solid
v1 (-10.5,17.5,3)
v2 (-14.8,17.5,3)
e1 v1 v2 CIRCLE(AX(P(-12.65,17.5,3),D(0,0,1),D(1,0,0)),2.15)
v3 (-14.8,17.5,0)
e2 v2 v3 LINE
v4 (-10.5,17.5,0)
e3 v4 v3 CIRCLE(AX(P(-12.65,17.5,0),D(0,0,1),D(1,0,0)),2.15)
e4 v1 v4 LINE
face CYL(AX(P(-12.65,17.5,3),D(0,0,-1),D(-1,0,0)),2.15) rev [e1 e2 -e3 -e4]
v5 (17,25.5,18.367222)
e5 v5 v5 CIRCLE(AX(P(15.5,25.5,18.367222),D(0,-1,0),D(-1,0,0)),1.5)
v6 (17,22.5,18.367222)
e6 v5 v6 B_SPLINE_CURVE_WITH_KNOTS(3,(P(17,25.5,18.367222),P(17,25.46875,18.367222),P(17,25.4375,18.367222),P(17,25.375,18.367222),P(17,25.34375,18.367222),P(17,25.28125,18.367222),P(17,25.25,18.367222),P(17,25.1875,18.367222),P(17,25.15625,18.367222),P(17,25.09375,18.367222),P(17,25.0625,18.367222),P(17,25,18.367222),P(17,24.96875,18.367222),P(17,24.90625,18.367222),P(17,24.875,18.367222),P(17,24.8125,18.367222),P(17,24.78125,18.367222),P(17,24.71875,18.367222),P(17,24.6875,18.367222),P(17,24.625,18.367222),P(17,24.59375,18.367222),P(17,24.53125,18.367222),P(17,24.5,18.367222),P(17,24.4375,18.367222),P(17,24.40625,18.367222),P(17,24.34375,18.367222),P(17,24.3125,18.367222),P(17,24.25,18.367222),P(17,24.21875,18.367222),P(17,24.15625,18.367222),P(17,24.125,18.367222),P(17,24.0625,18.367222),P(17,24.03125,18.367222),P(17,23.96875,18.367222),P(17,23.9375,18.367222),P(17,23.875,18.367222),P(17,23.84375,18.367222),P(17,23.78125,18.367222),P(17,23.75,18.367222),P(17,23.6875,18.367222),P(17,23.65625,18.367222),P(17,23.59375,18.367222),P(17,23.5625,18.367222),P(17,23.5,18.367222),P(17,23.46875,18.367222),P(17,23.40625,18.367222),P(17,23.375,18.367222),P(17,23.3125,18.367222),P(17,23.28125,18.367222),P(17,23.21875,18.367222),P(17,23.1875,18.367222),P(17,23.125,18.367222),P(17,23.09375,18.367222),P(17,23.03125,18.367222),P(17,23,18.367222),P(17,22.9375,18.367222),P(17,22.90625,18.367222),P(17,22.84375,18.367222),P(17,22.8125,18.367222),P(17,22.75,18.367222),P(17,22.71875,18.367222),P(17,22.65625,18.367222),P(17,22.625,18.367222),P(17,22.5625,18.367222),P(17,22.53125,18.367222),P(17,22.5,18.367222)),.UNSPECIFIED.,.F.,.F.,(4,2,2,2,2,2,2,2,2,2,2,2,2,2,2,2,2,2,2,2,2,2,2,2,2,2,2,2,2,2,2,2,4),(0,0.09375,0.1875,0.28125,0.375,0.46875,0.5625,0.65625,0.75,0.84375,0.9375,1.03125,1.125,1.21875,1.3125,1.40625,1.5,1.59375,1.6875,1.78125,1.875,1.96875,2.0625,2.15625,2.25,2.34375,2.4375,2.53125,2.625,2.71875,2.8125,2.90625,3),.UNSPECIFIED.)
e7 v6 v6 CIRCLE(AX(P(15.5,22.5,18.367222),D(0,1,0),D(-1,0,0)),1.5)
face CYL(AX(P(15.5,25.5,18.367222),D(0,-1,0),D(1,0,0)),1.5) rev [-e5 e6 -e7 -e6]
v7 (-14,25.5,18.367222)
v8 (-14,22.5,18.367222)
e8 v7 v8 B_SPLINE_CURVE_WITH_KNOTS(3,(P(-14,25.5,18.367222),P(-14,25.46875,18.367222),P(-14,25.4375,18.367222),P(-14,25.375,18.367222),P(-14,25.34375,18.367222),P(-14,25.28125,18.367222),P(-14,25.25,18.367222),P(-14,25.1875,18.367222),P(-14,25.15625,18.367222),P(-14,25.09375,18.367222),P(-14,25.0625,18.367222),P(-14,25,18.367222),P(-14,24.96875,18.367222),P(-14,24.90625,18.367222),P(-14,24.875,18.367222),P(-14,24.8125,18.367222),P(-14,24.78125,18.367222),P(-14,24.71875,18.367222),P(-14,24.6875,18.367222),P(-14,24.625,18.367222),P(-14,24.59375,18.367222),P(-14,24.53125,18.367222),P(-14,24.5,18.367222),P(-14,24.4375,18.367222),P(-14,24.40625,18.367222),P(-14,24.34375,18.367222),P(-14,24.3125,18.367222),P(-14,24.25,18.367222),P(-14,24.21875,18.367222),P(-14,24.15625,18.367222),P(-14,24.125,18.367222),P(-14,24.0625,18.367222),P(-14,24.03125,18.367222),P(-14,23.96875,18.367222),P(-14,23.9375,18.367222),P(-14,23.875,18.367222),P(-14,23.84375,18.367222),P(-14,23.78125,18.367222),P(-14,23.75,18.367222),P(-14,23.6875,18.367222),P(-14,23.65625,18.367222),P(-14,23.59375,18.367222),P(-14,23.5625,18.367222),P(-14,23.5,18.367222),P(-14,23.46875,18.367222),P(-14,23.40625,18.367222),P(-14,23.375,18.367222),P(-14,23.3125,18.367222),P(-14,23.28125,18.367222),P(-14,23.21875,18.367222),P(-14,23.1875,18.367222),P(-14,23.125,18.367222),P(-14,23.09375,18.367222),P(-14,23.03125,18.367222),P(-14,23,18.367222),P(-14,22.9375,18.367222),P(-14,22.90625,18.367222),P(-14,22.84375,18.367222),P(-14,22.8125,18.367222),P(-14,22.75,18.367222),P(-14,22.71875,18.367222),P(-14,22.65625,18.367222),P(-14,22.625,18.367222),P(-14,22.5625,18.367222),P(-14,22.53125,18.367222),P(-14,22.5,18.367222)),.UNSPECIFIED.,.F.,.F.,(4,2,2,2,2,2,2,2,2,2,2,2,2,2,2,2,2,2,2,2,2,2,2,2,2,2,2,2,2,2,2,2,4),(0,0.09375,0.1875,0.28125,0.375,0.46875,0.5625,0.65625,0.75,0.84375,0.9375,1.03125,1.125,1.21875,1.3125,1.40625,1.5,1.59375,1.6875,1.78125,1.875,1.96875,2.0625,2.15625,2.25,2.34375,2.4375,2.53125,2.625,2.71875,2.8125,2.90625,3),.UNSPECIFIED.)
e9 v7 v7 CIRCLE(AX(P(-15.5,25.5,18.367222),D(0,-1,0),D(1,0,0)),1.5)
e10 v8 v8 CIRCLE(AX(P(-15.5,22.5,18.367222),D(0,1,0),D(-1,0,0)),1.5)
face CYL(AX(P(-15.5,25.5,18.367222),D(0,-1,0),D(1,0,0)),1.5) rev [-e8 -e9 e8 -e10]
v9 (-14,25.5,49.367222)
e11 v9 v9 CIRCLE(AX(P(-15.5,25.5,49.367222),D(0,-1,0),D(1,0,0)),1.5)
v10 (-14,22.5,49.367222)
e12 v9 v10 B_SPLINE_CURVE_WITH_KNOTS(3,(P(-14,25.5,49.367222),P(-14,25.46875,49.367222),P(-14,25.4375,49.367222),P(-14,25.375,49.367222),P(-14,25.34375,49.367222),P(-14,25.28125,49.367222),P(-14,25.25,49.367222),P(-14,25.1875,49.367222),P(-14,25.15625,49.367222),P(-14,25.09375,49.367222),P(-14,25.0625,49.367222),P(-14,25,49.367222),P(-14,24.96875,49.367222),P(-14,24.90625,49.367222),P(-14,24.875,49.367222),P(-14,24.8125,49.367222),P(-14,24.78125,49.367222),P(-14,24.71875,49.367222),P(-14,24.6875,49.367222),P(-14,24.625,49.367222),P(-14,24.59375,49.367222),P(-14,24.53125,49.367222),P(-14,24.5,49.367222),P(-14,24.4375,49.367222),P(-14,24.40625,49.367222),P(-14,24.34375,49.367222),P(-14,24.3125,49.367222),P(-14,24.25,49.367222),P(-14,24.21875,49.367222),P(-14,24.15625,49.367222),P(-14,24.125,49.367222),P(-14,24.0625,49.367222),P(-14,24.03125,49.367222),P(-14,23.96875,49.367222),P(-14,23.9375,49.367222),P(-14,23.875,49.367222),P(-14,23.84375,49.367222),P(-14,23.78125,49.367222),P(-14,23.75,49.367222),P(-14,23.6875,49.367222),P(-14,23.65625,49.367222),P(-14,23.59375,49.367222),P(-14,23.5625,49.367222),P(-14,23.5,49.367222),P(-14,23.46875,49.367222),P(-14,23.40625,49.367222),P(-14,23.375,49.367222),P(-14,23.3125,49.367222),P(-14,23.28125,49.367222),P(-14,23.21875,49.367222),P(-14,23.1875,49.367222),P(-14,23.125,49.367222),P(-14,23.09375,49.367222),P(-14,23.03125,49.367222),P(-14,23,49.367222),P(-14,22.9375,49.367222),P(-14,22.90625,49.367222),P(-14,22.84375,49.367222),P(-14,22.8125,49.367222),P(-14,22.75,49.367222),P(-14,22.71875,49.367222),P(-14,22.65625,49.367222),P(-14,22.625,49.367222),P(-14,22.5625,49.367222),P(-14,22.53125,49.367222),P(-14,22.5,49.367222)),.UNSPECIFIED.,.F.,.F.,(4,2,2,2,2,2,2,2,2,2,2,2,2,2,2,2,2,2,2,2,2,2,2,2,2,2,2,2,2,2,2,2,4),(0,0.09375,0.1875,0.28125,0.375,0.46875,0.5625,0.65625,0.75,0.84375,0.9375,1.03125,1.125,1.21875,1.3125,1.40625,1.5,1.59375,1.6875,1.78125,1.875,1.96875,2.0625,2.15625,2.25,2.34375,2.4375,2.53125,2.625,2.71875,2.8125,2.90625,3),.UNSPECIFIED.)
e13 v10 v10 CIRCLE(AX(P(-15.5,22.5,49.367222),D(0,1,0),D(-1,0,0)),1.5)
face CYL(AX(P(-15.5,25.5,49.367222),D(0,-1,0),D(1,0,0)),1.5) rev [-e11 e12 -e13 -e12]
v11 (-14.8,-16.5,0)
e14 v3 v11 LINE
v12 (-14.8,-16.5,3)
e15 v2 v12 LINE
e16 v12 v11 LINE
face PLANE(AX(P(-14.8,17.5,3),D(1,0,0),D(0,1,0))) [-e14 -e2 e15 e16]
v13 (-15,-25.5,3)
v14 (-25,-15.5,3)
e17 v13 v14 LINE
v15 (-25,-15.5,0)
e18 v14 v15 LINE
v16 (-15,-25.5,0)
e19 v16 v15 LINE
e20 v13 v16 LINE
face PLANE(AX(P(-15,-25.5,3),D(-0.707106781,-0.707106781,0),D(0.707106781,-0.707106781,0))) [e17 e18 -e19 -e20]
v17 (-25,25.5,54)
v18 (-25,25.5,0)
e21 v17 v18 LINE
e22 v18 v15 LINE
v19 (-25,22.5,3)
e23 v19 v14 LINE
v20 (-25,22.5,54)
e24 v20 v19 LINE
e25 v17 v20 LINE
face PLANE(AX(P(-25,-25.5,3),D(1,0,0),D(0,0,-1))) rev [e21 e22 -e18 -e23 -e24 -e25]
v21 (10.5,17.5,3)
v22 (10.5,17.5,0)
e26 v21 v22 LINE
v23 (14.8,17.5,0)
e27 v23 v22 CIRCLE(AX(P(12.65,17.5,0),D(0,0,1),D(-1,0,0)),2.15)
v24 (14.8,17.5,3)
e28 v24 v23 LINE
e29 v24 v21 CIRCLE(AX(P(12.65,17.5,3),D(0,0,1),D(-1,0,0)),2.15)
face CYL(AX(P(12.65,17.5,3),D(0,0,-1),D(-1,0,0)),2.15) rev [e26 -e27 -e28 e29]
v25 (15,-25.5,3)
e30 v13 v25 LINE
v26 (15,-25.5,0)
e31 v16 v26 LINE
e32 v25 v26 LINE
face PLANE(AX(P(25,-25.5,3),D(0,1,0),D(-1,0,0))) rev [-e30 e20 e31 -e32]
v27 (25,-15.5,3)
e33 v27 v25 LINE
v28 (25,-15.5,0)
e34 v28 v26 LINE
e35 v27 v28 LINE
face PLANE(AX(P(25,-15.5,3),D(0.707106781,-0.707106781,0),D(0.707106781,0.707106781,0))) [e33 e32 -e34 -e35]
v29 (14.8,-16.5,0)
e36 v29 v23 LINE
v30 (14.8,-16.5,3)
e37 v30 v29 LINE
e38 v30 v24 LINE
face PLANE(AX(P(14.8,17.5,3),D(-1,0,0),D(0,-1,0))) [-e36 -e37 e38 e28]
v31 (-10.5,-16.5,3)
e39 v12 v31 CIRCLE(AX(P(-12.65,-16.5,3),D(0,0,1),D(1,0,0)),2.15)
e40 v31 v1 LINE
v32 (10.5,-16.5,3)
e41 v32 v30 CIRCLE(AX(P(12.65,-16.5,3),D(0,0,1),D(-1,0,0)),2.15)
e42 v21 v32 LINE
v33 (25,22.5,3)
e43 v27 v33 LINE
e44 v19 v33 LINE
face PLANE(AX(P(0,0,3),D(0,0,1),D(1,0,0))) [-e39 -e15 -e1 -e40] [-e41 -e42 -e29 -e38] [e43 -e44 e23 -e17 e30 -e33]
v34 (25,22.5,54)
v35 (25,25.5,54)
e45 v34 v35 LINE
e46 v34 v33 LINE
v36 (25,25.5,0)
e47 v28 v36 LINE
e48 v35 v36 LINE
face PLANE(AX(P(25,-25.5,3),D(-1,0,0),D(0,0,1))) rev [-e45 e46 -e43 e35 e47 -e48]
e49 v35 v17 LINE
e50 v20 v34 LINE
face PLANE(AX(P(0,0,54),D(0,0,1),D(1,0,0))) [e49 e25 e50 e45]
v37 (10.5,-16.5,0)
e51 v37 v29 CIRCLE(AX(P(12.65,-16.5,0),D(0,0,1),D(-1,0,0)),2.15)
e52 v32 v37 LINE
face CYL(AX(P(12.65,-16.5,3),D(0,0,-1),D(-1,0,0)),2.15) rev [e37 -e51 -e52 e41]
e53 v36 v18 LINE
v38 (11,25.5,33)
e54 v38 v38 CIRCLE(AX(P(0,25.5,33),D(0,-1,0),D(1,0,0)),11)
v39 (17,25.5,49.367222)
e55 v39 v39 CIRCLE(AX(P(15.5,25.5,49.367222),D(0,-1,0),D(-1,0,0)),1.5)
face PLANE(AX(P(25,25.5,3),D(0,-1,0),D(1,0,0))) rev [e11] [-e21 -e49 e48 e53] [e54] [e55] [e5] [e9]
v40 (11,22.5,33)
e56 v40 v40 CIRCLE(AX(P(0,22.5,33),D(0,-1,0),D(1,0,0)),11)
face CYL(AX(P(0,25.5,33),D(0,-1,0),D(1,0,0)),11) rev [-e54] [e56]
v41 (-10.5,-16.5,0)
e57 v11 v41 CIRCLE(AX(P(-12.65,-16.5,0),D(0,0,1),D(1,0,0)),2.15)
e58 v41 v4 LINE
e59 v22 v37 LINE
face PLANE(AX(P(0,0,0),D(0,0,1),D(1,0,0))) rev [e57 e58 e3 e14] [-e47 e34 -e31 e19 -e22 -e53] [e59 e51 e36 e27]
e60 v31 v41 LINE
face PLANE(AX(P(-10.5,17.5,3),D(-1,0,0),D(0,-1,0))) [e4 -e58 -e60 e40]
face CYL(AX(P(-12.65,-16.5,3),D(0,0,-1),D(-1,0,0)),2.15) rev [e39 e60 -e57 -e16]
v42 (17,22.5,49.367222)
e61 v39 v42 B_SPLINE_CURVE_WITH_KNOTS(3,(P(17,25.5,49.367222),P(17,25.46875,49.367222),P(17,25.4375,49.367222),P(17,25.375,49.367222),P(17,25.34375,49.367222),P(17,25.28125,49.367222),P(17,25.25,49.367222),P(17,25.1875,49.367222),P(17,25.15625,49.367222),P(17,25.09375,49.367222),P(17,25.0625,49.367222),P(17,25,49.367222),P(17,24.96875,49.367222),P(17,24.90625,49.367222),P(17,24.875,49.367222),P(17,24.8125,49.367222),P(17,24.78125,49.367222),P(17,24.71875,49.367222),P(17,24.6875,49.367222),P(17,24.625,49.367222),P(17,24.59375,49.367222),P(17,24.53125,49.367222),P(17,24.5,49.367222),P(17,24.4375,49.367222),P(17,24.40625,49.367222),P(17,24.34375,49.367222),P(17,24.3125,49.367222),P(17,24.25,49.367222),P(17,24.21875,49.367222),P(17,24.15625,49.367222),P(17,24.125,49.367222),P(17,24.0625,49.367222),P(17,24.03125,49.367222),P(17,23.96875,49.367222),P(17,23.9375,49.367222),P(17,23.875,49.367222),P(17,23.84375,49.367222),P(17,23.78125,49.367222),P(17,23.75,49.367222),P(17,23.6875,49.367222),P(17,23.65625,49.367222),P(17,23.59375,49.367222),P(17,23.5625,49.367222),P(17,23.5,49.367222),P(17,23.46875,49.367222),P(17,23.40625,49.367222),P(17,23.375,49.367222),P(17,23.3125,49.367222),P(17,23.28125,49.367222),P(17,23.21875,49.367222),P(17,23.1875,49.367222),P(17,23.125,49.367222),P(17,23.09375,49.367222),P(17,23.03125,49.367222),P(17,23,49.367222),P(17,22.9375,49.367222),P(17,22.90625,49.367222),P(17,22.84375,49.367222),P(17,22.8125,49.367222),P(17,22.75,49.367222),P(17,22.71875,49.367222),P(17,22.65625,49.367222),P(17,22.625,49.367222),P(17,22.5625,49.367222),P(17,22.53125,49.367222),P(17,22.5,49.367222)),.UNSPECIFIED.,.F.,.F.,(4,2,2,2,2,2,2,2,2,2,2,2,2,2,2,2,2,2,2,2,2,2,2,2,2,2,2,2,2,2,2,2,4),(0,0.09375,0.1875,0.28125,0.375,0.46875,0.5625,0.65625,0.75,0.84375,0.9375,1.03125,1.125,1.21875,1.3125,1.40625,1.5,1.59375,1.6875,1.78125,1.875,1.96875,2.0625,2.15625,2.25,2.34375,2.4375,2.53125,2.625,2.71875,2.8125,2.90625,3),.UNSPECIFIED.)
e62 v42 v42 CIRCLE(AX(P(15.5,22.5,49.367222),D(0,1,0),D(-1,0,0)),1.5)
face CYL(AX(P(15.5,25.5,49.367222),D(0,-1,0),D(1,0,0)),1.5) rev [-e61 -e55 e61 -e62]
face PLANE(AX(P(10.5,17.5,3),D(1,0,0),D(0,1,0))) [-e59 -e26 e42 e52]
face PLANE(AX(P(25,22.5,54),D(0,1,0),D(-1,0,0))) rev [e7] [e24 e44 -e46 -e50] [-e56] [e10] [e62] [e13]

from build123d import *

# Parameters (mm, degrees)
SKETCH1_W               = 50
SKETCH1_H               = 51
BOSS_EXTRUDE1_DEPTH     = 3
CUT_EXTRUDE_THIN1_DEPTH = 3
SKETCH4_W               = 50
SKETCH4_H               = 3
BOSS_EXTRUDE2_DEPTH     = 51
SKETCH5_R               = 11
CUT_EXTRUDE1_DEPTH      = 77.452599694
CUT_EXTRUDE2_DEPTH      = 77.452599694
CUT_EXTRUDE2_DEPTH_BACK = 77.452599694
SKETCH6_R               = 1.5


with BuildPart() as part:
    # Sketch1 → Boss-Extrude1 (new body)
    with BuildSketch(Plane.XY):
        Rectangle(SKETCH1_W, SKETCH1_H)
        with BuildLine():
            Line((-10.5, 17.5), (-10.5, -16.5))
            ThreePointArc((-10.5, -16.5), (-12.65, -18.65), (-14.8, -16.5))
            Line((-14.8, -16.5), (-14.8, 17.5))
            ThreePointArc((-14.8, 17.5), (-12.65, 19.65), (-10.5, 17.5))
        make_face(mode=Mode.SUBTRACT)
        with BuildLine():
            Line((10.5, 17.5), (10.5, -16.5))
            ThreePointArc((10.5, -16.5), (12.65, -18.65), (14.8, -16.5))
            Line((14.8, -16.5), (14.8, 17.5))
            ThreePointArc((14.8, 17.5), (12.65, 19.65), (10.5, 17.5))
        make_face(mode=Mode.SUBTRACT)
    extrude(amount=BOSS_EXTRUDE1_DEPTH)

    # Sketch3 → Cut-Extrude-Thin1 (cut)
    with BuildSketch(Plane(origin=(0, 0, 0), x_dir=(-1, 0, 0), z_dir=(0, 0, -1))):
        Polygon((-25, -15.5), (-15, -25.5), (-22.071067812, -32.571067812), (-32.071067812, -22.571067812), align=None)
        Polygon((15, -25.5), (25, -15.5), (32.071067812, -22.571067812), (22.071067812, -32.571067812), align=None)
    extrude(amount=-CUT_EXTRUDE_THIN1_DEPTH, mode=Mode.SUBTRACT)

    # Sketch4 → Boss-Extrude2 (add)
    with BuildSketch(Plane.XY.offset(3)):
        with Locations((0, 24)):
            Rectangle(SKETCH4_W, SKETCH4_H)
    extrude(amount=BOSS_EXTRUDE2_DEPTH)

    # Sketch5 → Cut-Extrude1 (cut, through all)
    with BuildSketch(Plane.XZ.offset(-22.5)):
        with Locations((0, 33)):
            Circle(SKETCH5_R)
    extrude(amount=-CUT_EXTRUDE1_DEPTH, mode=Mode.SUBTRACT)

    # Sketch6 → Cut-Extrude2 (cut, two sides: drawn at the far end of the back side and taken through both)
    with BuildSketch(Plane.XZ.offset(-22.5).offset(-CUT_EXTRUDE2_DEPTH_BACK)):
        with Locations((-15.5, 49.36722171)):
            Circle(SKETCH6_R)
        with Locations((-15.5, 18.36722171)):
            Circle(SKETCH6_R)
        with Locations((15.5, 18.36722171)):
            Circle(SKETCH6_R)
        with Locations((15.5, 49.36722171)):
            Circle(SKETCH6_R)
    extrude(amount=CUT_EXTRUDE2_DEPTH + CUT_EXTRUDE2_DEPTH_BACK, mode=Mode.SUBTRACT)


solid = part.part
